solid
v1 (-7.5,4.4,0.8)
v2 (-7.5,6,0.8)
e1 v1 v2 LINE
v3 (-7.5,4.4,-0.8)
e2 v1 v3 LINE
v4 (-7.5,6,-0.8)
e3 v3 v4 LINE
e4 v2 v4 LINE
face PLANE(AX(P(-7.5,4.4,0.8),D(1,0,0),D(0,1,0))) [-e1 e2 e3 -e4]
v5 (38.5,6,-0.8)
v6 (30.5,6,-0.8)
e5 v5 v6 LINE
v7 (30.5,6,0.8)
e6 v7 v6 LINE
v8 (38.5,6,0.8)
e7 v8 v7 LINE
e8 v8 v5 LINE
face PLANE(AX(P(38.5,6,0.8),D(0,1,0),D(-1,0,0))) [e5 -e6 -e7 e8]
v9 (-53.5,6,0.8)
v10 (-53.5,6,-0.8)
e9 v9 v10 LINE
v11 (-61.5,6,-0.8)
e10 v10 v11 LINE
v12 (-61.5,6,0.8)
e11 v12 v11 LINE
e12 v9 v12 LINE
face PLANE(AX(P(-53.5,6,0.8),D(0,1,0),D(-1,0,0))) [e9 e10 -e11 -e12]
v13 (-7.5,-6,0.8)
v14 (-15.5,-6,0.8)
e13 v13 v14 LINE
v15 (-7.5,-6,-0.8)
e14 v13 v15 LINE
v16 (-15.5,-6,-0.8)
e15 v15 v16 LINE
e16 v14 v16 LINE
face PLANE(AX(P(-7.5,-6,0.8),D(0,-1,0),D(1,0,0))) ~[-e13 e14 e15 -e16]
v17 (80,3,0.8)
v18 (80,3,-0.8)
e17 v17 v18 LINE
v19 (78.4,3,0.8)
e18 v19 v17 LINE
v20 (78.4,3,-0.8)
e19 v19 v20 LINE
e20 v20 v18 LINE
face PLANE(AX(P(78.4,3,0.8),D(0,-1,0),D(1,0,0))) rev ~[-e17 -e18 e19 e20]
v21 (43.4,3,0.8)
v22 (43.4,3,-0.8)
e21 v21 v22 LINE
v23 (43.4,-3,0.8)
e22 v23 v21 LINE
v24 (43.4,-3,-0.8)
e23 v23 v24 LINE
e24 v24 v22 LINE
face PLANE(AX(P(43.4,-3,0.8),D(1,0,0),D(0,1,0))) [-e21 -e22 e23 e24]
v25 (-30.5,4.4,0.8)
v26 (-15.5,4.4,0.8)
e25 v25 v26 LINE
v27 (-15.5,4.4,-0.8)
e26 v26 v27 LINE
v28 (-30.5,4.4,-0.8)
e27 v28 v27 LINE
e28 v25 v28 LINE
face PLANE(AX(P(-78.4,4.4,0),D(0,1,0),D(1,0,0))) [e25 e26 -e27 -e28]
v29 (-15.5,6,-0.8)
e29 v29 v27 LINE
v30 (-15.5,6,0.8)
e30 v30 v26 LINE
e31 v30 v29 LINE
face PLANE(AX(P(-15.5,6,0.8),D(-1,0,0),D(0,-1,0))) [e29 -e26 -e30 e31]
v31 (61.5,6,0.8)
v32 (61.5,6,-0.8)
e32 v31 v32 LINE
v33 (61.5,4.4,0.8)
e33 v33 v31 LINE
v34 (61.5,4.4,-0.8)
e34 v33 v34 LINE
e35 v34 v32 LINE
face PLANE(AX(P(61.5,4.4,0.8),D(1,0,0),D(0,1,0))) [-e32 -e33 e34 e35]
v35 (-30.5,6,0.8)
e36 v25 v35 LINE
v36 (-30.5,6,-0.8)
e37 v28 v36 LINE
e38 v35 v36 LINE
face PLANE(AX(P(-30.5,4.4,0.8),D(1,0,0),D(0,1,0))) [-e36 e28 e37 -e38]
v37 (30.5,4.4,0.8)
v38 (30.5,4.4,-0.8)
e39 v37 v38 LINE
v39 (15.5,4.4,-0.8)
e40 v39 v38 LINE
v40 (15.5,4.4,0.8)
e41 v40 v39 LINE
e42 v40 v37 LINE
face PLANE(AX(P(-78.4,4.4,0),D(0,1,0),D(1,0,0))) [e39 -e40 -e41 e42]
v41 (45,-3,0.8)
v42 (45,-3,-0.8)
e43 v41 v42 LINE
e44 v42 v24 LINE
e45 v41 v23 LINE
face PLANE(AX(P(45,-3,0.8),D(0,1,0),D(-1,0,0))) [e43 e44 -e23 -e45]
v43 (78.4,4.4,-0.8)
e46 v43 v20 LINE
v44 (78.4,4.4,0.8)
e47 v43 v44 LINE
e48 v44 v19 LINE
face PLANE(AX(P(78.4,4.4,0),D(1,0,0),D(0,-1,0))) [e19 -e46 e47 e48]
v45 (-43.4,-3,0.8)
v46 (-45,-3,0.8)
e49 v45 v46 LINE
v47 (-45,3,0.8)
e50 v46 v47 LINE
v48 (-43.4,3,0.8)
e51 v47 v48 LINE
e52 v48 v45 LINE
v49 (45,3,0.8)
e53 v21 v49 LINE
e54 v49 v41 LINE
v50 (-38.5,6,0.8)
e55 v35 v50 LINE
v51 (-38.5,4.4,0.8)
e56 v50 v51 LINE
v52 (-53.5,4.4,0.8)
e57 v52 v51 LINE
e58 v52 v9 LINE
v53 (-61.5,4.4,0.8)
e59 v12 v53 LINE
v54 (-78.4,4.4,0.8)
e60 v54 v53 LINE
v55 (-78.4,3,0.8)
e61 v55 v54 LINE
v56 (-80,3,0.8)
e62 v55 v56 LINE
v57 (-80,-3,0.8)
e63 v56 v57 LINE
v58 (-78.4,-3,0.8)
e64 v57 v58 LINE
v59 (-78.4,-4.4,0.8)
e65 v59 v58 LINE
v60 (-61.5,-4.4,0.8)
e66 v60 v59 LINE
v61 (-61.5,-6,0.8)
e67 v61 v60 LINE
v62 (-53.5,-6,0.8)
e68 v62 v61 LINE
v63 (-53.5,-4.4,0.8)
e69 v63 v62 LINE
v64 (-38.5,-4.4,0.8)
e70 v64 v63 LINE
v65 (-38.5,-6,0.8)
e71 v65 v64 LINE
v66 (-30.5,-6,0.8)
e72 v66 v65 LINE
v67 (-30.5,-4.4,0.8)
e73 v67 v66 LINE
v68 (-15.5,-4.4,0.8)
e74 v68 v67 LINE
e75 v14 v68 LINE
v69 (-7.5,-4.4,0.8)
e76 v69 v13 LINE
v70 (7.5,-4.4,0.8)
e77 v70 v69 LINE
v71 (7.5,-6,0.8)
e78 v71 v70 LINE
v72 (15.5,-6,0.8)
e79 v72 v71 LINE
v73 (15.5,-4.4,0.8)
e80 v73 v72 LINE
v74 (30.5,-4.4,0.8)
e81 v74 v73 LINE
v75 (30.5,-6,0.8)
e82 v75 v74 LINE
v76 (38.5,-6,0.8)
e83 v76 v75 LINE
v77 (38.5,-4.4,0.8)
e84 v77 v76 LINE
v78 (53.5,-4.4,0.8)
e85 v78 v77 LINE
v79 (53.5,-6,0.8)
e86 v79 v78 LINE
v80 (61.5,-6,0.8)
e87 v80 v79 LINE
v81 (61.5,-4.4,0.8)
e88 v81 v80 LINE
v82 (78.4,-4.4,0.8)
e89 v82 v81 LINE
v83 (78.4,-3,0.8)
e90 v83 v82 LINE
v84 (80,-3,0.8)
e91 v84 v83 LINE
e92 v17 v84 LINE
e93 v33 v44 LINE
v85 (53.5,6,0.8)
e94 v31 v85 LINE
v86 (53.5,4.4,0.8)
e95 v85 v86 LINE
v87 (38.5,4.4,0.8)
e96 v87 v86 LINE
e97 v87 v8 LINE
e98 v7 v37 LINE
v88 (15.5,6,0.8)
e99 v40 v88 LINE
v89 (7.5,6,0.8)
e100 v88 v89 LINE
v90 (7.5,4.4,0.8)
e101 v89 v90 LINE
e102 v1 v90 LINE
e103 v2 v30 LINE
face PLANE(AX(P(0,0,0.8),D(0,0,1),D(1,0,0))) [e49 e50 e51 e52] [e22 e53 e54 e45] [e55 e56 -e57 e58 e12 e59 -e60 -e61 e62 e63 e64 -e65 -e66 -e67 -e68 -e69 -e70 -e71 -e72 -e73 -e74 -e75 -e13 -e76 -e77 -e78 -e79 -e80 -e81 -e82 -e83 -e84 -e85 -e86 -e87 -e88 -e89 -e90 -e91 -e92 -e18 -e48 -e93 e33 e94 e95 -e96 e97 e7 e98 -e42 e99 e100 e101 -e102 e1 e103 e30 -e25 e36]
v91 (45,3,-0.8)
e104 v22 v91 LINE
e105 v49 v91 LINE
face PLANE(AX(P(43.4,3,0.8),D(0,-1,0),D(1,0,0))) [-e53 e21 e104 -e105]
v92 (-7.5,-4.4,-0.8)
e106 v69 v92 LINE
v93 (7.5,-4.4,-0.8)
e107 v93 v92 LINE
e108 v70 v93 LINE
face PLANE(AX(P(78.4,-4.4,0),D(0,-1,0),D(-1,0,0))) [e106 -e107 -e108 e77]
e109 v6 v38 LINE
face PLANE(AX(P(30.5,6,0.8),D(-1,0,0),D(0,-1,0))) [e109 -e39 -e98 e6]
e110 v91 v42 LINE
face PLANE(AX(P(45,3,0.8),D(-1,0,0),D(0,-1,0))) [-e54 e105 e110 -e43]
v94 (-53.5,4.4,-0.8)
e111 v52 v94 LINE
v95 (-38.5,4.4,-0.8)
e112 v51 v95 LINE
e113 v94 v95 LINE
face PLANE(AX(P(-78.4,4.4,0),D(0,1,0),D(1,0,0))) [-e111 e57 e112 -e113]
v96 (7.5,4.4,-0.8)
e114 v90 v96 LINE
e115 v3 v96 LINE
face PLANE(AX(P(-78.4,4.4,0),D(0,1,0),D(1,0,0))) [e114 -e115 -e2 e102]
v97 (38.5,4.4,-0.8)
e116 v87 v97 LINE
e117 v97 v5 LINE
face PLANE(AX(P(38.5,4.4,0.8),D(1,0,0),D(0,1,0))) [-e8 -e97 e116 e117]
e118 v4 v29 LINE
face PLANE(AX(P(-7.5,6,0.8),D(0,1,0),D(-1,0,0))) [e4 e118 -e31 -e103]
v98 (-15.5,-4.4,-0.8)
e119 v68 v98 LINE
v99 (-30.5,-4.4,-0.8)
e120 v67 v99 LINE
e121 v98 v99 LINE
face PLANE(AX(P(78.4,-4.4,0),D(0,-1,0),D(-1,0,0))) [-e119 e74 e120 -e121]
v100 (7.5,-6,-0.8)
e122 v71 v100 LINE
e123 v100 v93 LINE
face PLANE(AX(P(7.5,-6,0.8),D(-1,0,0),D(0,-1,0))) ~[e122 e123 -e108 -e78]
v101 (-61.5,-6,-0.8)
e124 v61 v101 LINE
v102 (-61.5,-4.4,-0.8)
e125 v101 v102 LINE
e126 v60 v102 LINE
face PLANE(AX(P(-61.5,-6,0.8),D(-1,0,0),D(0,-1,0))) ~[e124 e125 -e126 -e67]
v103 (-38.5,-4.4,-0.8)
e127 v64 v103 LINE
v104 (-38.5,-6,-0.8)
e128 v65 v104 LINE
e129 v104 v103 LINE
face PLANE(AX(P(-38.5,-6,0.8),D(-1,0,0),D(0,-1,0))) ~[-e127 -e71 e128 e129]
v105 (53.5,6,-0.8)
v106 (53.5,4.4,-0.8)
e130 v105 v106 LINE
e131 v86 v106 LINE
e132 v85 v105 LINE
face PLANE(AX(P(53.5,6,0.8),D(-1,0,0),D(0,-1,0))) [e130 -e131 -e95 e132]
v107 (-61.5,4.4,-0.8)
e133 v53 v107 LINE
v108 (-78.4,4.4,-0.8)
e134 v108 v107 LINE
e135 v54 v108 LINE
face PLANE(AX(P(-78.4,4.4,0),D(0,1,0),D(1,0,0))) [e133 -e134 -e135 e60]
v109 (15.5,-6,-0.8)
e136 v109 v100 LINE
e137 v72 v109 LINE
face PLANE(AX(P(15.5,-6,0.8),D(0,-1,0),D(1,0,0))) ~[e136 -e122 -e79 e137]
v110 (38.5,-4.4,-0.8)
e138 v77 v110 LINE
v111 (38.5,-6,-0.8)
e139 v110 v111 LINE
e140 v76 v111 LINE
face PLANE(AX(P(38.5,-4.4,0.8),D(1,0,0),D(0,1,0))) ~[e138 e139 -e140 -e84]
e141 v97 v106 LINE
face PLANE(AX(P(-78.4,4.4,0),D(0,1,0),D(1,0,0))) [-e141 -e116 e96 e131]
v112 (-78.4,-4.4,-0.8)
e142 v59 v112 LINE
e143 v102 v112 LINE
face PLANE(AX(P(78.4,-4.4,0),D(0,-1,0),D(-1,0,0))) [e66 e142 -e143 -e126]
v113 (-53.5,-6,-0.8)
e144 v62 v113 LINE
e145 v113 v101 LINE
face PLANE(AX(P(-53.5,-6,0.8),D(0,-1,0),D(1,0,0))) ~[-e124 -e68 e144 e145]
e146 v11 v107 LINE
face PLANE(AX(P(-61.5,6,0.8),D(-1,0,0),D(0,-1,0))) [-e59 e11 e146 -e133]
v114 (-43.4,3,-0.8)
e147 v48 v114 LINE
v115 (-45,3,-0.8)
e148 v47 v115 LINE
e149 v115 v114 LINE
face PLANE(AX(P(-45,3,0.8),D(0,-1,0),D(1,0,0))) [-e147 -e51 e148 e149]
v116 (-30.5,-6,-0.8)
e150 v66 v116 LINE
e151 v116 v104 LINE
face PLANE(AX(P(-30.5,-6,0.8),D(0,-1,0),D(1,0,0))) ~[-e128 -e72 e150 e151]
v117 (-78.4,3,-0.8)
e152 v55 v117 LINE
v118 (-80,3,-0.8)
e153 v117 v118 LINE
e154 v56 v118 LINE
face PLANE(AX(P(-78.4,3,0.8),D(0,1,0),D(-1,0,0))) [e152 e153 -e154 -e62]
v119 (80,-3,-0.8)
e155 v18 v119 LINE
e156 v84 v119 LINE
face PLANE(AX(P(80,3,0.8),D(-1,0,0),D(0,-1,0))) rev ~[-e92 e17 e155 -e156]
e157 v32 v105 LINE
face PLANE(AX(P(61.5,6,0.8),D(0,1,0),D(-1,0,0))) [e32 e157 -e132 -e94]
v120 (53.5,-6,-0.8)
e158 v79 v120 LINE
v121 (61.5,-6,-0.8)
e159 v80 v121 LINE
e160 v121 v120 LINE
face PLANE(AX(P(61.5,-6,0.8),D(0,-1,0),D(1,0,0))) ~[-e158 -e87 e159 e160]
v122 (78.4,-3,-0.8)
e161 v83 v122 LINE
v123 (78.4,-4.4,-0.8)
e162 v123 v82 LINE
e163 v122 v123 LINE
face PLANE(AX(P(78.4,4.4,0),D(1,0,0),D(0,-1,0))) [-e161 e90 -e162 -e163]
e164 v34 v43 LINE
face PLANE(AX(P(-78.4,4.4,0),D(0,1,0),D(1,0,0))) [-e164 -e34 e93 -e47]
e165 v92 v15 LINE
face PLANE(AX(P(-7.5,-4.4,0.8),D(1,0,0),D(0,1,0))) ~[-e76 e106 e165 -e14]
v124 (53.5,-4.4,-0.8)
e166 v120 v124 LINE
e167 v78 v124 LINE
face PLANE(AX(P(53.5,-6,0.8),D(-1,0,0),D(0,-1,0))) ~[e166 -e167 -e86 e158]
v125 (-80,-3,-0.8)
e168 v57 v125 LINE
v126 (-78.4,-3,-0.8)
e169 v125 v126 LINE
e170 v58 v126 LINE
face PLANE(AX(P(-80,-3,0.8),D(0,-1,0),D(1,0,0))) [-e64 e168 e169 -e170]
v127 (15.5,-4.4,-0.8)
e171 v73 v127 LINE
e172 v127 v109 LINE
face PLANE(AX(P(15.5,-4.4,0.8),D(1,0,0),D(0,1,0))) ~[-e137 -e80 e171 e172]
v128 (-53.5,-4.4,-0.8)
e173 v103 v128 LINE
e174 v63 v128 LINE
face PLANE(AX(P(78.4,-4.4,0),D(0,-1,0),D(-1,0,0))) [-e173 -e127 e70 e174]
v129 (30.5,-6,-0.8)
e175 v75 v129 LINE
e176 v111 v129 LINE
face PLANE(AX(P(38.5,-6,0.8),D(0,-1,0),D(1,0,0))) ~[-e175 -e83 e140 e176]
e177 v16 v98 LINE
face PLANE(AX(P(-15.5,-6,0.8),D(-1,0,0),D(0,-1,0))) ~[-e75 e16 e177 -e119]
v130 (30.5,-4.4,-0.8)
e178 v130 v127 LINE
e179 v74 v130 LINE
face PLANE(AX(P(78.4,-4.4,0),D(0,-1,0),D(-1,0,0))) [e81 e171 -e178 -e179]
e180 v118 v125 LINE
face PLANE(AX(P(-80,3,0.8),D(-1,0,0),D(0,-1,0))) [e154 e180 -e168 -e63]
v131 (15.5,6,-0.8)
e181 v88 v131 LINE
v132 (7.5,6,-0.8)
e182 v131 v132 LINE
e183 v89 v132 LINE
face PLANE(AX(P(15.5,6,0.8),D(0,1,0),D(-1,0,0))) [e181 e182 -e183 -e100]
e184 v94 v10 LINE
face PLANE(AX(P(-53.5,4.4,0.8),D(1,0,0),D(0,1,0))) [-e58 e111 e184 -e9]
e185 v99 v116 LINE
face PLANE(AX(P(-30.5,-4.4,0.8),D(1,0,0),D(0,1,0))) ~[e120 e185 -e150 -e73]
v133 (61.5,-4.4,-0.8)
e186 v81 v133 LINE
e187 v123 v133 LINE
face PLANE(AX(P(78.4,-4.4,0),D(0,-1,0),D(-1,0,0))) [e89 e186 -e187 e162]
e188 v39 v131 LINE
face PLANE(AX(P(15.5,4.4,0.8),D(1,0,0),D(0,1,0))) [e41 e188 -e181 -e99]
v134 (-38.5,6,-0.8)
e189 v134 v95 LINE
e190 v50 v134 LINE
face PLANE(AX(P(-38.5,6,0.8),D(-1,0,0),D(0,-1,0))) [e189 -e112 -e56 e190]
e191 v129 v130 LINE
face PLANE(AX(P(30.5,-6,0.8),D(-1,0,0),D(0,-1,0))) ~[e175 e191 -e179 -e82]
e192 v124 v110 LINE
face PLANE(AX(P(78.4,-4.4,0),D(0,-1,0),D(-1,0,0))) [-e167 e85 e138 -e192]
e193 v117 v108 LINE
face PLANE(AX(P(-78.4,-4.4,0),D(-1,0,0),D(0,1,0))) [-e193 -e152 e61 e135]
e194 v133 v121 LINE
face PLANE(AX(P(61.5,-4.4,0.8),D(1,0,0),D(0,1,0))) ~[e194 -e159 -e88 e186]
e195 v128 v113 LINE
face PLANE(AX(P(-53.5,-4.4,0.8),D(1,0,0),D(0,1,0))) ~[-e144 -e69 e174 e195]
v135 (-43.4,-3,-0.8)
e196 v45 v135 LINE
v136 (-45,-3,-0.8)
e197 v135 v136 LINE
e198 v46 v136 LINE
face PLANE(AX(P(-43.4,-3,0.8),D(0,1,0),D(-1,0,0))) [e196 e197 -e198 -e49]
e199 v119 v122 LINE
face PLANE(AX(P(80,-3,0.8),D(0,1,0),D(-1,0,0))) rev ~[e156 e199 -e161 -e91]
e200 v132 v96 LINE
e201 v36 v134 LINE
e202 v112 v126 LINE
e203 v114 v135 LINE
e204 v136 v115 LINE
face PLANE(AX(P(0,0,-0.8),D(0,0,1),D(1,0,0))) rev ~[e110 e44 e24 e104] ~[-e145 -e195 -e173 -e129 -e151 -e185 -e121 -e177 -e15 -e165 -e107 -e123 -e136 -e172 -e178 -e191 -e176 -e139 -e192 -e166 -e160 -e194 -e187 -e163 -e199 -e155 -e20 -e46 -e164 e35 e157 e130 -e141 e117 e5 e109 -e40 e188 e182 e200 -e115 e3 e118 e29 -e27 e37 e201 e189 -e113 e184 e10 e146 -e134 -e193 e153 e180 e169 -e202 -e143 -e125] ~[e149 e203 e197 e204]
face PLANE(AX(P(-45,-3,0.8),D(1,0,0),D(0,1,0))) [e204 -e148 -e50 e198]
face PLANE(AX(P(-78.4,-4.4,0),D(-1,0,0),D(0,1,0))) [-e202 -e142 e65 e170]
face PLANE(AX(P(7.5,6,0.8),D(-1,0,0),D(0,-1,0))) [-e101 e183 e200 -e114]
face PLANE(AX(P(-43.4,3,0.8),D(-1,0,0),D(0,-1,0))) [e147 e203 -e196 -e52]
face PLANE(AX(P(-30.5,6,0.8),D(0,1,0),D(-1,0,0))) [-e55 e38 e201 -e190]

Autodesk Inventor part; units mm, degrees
ref_plane "YZ Plane" through (0, 0, 0) normal (1, 0, 0) x (0, 1, 0)
ref_plane "XZ Plane" through (0, 0, 0) normal (0, 1, 0) x (-1, 0, 0)
ref_plane "XY Plane" through (0, 0, 0) normal (0, 0, 1) x (1, 0, 0)
sketch "Sketch1" plane through (0, 0, 0) normal (0, 0, 1) x (1, 0, 0)
  line L0 (0, 6.16) -> (0, -6.16) construction
  line L1 (-109.76, 0) -> (109.76, 0) construction
  line L2 (78.4, -4.4) -> (-78.4, -4.4)
  line L3 (-78.4, -4.4) -> (-78.4, 4.4)
  line L4 (-78.4, 4.4) -> (78.4, 4.4)
  line L5 (78.4, 4.4) -> (78.4, -4.4)
  line L6 (78.4, -4.4) -> (-78.4, 4.4) construction
  line L7 (-78.4, -4.4) -> (78.4, 4.4) construction
  point P0 (0, 0)
  dimension "d0" = 156.8
  dimension "d1" = 8.8
extrude "Extrusion1" add sketch "Sketch1" along normal mid plane 1.6
sketch "Esquisse3" plane through (0, 0, 0.8) normal (0, 0, 1) x (1, 0, 0)
  line L0 (-78.4, -4.4) -> (78.4, -4.4) construction
  line L1 (78.4, -4.4) -> (78.4, 4.4) construction
  line L2 (78.4, 4.4) -> (-78.4, 4.4) construction
  line L3 (-78.4, 4.4) -> (-78.4, -4.4) construction
  line L4 (-112, 0) -> (112, 0) construction
  line L5 (0, 8.08) -> (0, -6.48) construction
  line L6 (-78.4, 3) -> (-80, 3)
  line L7 (-80, 3) -> (-80, -3)
  line L8 (-80, -3) -> (-78.4, -3)
  line L9 (-78.4, -3) -> (-78.4, 3)
  line L10 (78.4, 3) -> (80, 3)
  line L11 (80, 3) -> (80, -3)
  line L12 (80, -3) -> (78.4, -3)
  line L13 (78.4, -3) -> (78.4, 3)
  point P0 (0, 0)
  dimension "d15" = 1.6
  dimension "d16" = 6
extrude "Extrusion3" add sketch "Esquisse3" against normal blind 1.6
sketch "Esquisse4" plane through (0, 0, 0.8) normal (0, 0, 1) x (1, 0, 0)
  line L0 (80, 3) -> (80, -3) construction
  line L1 (80, -3) -> (78.4, -3) construction
  line L2 (78.4, -3) -> (78.4, -4.4) construction
  line L3 (78.4, -4.4) -> (-78.4, -4.4) construction
  line L4 (-78.4, -4.4) -> (-78.4, -3) construction
  line L5 (-78.4, -3) -> (-80, -3) construction
  line L6 (-80, -3) -> (-80, 3) construction
  line L7 (-80, 3) -> (-78.4, 3) construction
  line L8 (-78.4, 3) -> (-78.4, 4.4) construction
  line L9 (-78.4, 4.4) -> (78.4, 4.4) construction
  line L10 (78.4, 4.4) -> (78.4, 3) construction
  line L11 (78.4, 3) -> (80, 3) construction
  line L12 (-78.4, -4.4) -> (78.4, -4.4) construction
  line L13 (78.4, -4.4) -> (78.4, -3) construction
  line L14 (78.4, -3) -> (80, -3) construction
  line L15 (80, -3) -> (80, 3) construction
  line L16 (80, 3) -> (78.4, 3) construction
  line L17 (78.4, 3) -> (78.4, 4.4) construction
  line L18 (78.4, 4.4) -> (-78.4, 4.4) construction
  line L19 (-78.4, 4.4) -> (-78.4, 3) construction
  line L20 (-78.4, 3) -> (-80, 3) construction
  line L21 (-80, 3) -> (-80, -3) construction
  line L22 (-80, -3) -> (-78.4, -3) construction
  line L23 (-78.4, -3) -> (-78.4, -4.4) construction
  line L24 (0, 8.08) -> (0, -6.48) construction
  line L25 (-112, 0) -> (112, 0) construction
  line L26 (-61.5, 4.4) -> (-53.5, 4.4)
  line L27 (-53.5, 4.4) -> (-53.5, 6)
  line L28 (-53.5, 6) -> (-61.5, 6)
  line L29 (-61.5, 6) -> (-61.5, 4.4)
  line L30 (-30.5, 4.4) -> (-30.5, 6)
  line L31 (-38.5, 4.4) -> (-30.5, 4.4)
  line L32 (-30.5, 6) -> (-38.5, 6)
  line L33 (-38.5, 6) -> (-38.5, 4.4)
  line L34 (-7.5, 4.4) -> (-7.5, 6)
  line L35 (-15.5, 4.4) -> (-7.5, 4.4)
  line L36 (-7.5, 6) -> (-15.5, 6)
  line L37 (-15.5, 6) -> (-15.5, 4.4)
  line L38 (15.5, 4.4) -> (15.5, 6)
  line L39 (7.5, 4.4) -> (15.5, 4.4)
  line L40 (15.5, 6) -> (7.5, 6)
  line L41 (7.5, 6) -> (7.5, 4.4)
  line L42 (38.5, 4.4) -> (38.5, 6)
  line L43 (30.5, 4.4) -> (38.5, 4.4)
  line L44 (38.5, 6) -> (30.5, 6)
  line L45 (30.5, 6) -> (30.5, 4.4)
  line L46 (61.5, 4.4) -> (61.5, 6)
  line L47 (53.5, 4.4) -> (61.5, 4.4)
  line L48 (61.5, 6) -> (53.5, 6)
  line L49 (53.5, 6) -> (53.5, 4.4)
  point P0 (0, 0)
  dimension "d19" = 8
  dimension "d20" = 1.6
  dimension "d23" = 23
extrude "Extrusion4" add sketch "Esquisse4" against normal blind 1.6
mirror "Symétrie2" about plane through (0, 0, 0) normal (0, 1, 0) of "Extrusion4"
sketch "Esquisse5" plane through (0, 0, 0.8) normal (0, 0, 1) x (1, 0, 0)
  line L0 (45, -3) -> (43.4, -3)
  line L1 (43.4, -3) -> (43.4, 3)
  line L2 (43.4, 3) -> (45, 3)
  line L3 (45, 3) -> (45, -3)
  line L4 (-43.4, -3) -> (-45, -3)
  line L5 (-45, -3) -> (-45, 3)
  line L6 (-45, 3) -> (-43.4, 3)
  line L7 (-43.4, 3) -> (-43.4, -3)
  point P0 (0, 0)
extrude "Extrusion5" cut sketch "Esquisse5" against normal blind 1.6
properties part number "CaissonArriere" material "PVC-U"
